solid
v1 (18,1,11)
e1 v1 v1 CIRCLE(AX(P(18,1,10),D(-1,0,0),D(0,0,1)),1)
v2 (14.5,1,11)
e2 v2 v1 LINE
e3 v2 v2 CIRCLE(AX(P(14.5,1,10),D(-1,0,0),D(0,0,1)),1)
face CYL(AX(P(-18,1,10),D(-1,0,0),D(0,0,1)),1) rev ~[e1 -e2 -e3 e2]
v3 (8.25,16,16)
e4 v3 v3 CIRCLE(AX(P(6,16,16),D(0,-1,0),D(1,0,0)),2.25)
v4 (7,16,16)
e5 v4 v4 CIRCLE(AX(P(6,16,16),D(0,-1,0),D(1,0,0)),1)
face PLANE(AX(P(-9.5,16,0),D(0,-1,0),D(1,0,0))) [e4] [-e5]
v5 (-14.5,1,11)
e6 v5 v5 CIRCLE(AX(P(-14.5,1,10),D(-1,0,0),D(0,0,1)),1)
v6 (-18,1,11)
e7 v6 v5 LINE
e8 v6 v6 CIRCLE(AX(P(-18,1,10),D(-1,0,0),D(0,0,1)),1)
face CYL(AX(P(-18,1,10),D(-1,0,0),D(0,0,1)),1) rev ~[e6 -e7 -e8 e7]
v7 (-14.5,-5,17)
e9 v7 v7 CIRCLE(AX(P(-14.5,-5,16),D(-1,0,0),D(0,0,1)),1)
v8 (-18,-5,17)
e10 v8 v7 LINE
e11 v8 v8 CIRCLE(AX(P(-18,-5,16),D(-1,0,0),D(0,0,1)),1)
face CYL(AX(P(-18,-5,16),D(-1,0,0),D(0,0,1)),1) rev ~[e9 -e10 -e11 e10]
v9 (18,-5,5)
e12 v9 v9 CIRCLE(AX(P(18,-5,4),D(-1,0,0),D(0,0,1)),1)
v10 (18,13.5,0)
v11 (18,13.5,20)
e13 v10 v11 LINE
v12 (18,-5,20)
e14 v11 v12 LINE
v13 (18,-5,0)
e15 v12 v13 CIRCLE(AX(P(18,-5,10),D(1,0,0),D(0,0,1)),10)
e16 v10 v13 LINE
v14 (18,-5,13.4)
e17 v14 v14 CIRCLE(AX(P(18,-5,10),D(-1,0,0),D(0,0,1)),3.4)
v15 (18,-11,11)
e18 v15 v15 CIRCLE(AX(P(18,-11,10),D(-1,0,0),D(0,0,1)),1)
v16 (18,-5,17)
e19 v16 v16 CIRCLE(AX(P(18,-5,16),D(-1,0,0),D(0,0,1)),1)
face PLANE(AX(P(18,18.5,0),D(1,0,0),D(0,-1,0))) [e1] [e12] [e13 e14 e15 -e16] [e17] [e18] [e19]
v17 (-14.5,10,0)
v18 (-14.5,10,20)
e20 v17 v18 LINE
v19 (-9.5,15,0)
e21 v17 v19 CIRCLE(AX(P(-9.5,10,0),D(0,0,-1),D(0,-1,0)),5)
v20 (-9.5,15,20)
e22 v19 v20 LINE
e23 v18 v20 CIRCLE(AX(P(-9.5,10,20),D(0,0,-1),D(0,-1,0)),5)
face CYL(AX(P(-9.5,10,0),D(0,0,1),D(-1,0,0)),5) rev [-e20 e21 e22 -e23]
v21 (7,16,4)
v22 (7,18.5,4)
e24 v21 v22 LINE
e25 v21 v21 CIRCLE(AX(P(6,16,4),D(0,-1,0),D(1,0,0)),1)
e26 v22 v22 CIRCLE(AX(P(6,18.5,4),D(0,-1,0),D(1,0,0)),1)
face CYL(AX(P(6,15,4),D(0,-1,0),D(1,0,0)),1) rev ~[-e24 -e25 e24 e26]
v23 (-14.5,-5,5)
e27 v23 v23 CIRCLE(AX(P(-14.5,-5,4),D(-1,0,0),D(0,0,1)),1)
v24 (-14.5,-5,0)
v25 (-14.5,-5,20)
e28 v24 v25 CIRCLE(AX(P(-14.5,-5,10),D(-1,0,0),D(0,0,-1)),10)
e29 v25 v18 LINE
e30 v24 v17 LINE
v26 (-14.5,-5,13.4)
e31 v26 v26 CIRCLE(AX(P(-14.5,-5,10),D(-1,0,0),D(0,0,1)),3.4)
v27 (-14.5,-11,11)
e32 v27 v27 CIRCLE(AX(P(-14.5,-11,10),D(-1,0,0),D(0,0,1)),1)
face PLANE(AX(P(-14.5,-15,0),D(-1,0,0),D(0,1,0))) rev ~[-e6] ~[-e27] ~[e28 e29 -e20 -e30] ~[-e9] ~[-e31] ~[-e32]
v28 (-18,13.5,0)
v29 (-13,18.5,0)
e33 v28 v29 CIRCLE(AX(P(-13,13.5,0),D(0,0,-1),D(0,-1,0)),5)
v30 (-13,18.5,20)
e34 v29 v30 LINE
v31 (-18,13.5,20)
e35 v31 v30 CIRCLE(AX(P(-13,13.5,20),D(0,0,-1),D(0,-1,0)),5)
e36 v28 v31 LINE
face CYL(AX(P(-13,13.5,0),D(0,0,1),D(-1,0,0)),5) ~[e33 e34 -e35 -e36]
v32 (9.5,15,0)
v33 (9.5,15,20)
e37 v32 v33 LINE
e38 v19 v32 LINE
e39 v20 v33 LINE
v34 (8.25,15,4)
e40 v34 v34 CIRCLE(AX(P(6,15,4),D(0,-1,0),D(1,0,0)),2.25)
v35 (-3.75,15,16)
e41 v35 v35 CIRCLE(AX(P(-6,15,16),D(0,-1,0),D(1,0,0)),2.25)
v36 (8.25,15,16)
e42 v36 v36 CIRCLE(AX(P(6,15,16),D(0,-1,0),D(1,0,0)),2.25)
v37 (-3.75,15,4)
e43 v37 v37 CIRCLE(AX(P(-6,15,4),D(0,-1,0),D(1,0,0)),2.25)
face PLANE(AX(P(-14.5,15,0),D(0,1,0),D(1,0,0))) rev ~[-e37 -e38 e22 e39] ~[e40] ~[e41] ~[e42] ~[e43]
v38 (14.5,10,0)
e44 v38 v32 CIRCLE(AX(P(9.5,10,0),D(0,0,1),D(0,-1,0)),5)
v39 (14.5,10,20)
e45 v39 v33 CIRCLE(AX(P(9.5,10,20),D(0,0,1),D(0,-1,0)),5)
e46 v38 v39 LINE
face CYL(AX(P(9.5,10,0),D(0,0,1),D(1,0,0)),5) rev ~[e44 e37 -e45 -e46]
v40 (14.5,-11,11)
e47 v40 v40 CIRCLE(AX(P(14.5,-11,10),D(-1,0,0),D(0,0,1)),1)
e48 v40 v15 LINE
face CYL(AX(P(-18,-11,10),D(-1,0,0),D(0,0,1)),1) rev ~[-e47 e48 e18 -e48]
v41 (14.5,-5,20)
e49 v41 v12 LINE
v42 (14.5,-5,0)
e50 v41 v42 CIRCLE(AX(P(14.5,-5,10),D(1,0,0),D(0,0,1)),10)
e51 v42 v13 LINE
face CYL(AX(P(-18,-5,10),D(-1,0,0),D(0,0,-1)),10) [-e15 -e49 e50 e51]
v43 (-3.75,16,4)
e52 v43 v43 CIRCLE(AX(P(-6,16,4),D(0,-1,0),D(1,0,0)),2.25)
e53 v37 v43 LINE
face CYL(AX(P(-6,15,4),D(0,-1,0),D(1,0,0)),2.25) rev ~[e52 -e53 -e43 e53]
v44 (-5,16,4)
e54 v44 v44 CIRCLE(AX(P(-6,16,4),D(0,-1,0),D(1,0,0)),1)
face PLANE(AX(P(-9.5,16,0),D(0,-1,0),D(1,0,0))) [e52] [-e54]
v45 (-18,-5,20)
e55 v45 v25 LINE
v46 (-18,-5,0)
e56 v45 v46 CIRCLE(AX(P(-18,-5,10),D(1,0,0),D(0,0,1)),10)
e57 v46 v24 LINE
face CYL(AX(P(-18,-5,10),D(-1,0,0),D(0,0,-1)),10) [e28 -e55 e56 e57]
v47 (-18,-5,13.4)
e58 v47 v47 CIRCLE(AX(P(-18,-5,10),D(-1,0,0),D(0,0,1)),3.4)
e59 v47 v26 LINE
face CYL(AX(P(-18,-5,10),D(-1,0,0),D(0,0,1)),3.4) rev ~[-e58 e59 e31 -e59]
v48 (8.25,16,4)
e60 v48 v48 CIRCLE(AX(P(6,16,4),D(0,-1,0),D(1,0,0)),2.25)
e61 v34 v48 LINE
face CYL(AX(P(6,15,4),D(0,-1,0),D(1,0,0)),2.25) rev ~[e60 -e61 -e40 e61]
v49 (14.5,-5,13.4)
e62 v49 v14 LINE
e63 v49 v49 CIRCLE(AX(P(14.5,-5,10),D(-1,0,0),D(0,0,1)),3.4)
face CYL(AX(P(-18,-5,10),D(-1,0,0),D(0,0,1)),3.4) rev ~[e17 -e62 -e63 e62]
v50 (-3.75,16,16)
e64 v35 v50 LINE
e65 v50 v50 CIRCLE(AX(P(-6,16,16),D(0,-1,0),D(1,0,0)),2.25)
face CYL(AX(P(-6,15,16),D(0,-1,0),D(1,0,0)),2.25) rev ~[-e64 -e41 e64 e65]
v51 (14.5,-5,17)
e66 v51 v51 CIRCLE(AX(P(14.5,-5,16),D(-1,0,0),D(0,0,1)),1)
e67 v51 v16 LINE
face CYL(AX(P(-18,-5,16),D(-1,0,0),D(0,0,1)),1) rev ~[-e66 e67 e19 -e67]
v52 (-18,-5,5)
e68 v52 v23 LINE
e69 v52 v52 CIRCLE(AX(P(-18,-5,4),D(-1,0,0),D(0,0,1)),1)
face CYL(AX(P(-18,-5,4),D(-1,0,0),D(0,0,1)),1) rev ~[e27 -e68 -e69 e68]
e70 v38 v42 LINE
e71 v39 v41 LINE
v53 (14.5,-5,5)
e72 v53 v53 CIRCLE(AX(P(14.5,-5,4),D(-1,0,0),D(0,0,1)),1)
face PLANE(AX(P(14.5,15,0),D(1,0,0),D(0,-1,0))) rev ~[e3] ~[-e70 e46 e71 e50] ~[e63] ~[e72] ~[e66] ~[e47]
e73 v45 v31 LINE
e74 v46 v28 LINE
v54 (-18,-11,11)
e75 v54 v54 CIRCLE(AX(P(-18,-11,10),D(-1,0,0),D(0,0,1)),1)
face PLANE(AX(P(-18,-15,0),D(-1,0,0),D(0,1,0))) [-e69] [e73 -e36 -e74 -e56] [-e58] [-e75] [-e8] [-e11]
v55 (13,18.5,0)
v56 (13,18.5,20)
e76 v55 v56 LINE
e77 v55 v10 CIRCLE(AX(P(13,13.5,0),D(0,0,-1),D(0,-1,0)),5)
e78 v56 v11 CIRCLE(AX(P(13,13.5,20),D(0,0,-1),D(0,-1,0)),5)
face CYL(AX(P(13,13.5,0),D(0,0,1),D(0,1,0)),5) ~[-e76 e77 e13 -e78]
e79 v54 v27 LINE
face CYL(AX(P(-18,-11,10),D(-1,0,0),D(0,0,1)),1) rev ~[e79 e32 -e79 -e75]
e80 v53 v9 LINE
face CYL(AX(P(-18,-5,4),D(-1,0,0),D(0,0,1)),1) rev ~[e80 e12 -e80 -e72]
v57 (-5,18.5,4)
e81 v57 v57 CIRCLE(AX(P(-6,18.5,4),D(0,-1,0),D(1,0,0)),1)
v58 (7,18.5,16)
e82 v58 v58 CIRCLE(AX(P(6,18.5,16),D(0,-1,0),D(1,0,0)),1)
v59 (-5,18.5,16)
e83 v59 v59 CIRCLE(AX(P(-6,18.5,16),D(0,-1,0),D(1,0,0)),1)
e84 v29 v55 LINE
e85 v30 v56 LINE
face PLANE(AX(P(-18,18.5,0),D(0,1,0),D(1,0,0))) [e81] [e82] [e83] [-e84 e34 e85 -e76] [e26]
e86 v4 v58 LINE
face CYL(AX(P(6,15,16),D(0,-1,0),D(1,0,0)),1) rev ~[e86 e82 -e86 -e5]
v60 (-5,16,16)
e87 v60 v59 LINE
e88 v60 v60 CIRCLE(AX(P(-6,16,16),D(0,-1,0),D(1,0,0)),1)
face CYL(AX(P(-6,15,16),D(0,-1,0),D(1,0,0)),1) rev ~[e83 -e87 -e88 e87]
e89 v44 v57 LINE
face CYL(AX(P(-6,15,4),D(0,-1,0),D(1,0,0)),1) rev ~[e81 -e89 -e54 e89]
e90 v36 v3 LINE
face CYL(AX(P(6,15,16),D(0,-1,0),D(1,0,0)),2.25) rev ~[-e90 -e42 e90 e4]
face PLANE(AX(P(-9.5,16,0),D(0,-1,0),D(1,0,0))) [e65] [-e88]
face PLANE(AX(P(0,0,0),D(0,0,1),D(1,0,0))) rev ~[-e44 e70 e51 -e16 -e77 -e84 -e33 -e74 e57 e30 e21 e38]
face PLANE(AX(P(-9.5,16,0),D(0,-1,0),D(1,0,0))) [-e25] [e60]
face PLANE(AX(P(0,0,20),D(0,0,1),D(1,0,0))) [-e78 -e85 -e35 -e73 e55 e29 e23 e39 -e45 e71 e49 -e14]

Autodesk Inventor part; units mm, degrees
ref_plane "YZ Plane" through (0, 0, 0) normal (1, 0, 0) x (0, 1, 0)
ref_plane "XZ Plane" through (0, 0, 0) normal (0, 1, 0) x (-1, 0, 0)
ref_plane "XY Plane" through (0, 0, 0) normal (0, 0, 1) x (1, 0, 0)
sketch "Sketch1" plane through (0, 0, 0) normal (0, 0, 1) x (1, 0, 0)
  line L0 (14.5, -15) -> (-14.5, -15) construction
  line L1 (-14.5, -15) -> (-14.5, 15)
  line L2 (-14.5, 15) -> (14.5, 15)
  line L3 (14.5, 15) -> (14.5, -15)
  line L4 (14.5, -15) -> (-14.5, 15) construction
  line L5 (-14.5, -15) -> (14.5, 15) construction
  line L6 (-14.5, -15) -> (-18, -15)
  line L7 (-18, -15) -> (-18, 18.5)
  line L8 (-18, 18.5) -> (18, 18.5)
  line L9 (18, 18.5) -> (18, -15)
  line L10 (18, -15) -> (14.5, -15)
  point P0 (0, 0)
  dimension "d0" = 29
  dimension "d1" = 30
  dimension "d2" = 3.5
  dimension "d3" = 33.5
  dimension "d4" = 36
extrude "Extrusion1" add sketch "Sketch1" along normal blind 20
sketch "Sketch2" plane through (-18, -15, 0) normal (-1, 0, 0) x (0, 0, 1)
  arc A0 (0, 10) -> (20, 10) centre (10, 10) ccw
  line L0 (20, 33.5) -> (20, 0) projected
  line L1 (0, 0) -> (20, 0) construction
  line L2 (0, 10) -> (0, 0)
  line L3 (0, 0) -> (20, 0) projected
  line L4 (0, 0) -> (20, 0)
  line L5 (20, 0) -> (20, 10)
  circle A1 centre (10, 10) radius 3.4
  circle A2 centre (10, 10) radius 6 construction
  circle A3 centre (4, 10) radius 1
  circle A4 centre (16, 10) radius 1
  circle A5 centre (10, 16) radius 1
  circle A6 centre (10, 4) radius 1
  point P0 (0, 15)
  point P1 (10, 0)
  dimension "d7" = 20
  dimension "d8" = 10
  dimension "d9" = 10
  dimension "d10" = 6.8
  dimension "d11" = 12
  dimension "d12" = 2
  dimension "d13" = 2
  dimension "d14" = 2
  dimension "d15" = 2
extrude "Extrusion2" cut sketch "Sketch2" against normal through all
fillet "Fillet1" radius 5 4 edges at (-14.5, 15, 10) (14.5, 15, 10) (-18, 18.5, 10) (18, 18.5, 10)
sketch "Sketch3" plane through (-9.5, 15, 0) normal (0, -1, 0) x (1, 0, 0)
  line L0 (-8.2697, 20) -> (0, 20) projected
  line L1 (0, 20) -> (19, 20) construction
  line L2 (19, 20) -> (27.2697, 20) projected
  line L3 (27.2697, 20) -> (27.2697, 0) projected
  line L4 (27.2697, 0) -> (19, 0) projected
  line L5 (19, 20) -> (19, 0) construction
  line L6 (-8.2697, 0) -> (-8.2697, 20) projected
  line L7 (0, 0) -> (-8.2697, 0) projected
  line L8 (0, 20) -> (0, 0) construction
  line L9 (19, 0) -> (0, 0) construction
  line L10 (3.5, 16) -> (15.5, 16) construction
  line L11 (15.5, 16) -> (15.5, 4) construction
  line L12 (15.5, 4) -> (3.5, 4) construction
  line L13 (3.5, 4) -> (3.5, 16) construction
  line L14 (3.5, 16) -> (15.5, 4) construction
  line L15 (15.5, 16) -> (3.5, 4) construction
  circle A0 centre (3.5, 16) radius 1
  circle A1 centre (15.5, 16) radius 1
  circle A2 centre (3.5, 4) radius 1
  circle A3 centre (15.5, 4) radius 1
  point P0 (9.5, 0)
  point P1 (9.5, 10)
  dimension "d19" = 12
  dimension "d20" = 12
  dimension "d21" = 10
  dimension "d22" = 9.5
  dimension "d23" = 2
  dimension "d24" = 2
  dimension "d25" = 2
  dimension "d26" = 2
extrude "Extrusion3" cut sketch "Sketch3" against normal through all
sketch "Sketch4" plane through (-9.5, 15, 0) normal (0, -1, 0) x (1, 0, 0)
  circle A0 centre (3.5, 4) radius 1 construction
  circle A1 centre (15.5, 16) radius 1 construction
  circle A2 centre (15.5, 4) radius 1 construction
  circle A3 centre (3.5, 16) radius 1 construction
  line L0 (-8.2697, 20) -> (0, 20) projected
  line L1 (0, 20) -> (19, 20) construction
  line L2 (19, 20) -> (27.2697, 20) projected
  line L3 (27.2697, 20) -> (27.2697, 0) projected
  line L4 (27.2697, 0) -> (19, 0) projected
  line L5 (19, 20) -> (19, 0) construction
  line L6 (-8.2697, 0) -> (-8.2697, 20) projected
  line L7 (0, 0) -> (-8.2697, 0) projected
  line L8 (0, 20) -> (0, 0) construction
  line L9 (19, 0) -> (0, 0) construction
  circle A4 centre (3.5, 16) radius 2.25
  circle A5 centre (15.5, 16) radius 2.25
  circle A6 centre (15.5, 4) radius 2.25
  circle A7 centre (3.5, 4) radius 2.25
  point P0 (9.5, 0)
  dimension "d29" = 4.5
  dimension "d30" = 4.5
  dimension "d31" = 4.5
  dimension "d32" = 4.5
extrude "Extrusion4" cut sketch "Sketch4" against normal blind 1
properties part number "Motor_Bracket"
